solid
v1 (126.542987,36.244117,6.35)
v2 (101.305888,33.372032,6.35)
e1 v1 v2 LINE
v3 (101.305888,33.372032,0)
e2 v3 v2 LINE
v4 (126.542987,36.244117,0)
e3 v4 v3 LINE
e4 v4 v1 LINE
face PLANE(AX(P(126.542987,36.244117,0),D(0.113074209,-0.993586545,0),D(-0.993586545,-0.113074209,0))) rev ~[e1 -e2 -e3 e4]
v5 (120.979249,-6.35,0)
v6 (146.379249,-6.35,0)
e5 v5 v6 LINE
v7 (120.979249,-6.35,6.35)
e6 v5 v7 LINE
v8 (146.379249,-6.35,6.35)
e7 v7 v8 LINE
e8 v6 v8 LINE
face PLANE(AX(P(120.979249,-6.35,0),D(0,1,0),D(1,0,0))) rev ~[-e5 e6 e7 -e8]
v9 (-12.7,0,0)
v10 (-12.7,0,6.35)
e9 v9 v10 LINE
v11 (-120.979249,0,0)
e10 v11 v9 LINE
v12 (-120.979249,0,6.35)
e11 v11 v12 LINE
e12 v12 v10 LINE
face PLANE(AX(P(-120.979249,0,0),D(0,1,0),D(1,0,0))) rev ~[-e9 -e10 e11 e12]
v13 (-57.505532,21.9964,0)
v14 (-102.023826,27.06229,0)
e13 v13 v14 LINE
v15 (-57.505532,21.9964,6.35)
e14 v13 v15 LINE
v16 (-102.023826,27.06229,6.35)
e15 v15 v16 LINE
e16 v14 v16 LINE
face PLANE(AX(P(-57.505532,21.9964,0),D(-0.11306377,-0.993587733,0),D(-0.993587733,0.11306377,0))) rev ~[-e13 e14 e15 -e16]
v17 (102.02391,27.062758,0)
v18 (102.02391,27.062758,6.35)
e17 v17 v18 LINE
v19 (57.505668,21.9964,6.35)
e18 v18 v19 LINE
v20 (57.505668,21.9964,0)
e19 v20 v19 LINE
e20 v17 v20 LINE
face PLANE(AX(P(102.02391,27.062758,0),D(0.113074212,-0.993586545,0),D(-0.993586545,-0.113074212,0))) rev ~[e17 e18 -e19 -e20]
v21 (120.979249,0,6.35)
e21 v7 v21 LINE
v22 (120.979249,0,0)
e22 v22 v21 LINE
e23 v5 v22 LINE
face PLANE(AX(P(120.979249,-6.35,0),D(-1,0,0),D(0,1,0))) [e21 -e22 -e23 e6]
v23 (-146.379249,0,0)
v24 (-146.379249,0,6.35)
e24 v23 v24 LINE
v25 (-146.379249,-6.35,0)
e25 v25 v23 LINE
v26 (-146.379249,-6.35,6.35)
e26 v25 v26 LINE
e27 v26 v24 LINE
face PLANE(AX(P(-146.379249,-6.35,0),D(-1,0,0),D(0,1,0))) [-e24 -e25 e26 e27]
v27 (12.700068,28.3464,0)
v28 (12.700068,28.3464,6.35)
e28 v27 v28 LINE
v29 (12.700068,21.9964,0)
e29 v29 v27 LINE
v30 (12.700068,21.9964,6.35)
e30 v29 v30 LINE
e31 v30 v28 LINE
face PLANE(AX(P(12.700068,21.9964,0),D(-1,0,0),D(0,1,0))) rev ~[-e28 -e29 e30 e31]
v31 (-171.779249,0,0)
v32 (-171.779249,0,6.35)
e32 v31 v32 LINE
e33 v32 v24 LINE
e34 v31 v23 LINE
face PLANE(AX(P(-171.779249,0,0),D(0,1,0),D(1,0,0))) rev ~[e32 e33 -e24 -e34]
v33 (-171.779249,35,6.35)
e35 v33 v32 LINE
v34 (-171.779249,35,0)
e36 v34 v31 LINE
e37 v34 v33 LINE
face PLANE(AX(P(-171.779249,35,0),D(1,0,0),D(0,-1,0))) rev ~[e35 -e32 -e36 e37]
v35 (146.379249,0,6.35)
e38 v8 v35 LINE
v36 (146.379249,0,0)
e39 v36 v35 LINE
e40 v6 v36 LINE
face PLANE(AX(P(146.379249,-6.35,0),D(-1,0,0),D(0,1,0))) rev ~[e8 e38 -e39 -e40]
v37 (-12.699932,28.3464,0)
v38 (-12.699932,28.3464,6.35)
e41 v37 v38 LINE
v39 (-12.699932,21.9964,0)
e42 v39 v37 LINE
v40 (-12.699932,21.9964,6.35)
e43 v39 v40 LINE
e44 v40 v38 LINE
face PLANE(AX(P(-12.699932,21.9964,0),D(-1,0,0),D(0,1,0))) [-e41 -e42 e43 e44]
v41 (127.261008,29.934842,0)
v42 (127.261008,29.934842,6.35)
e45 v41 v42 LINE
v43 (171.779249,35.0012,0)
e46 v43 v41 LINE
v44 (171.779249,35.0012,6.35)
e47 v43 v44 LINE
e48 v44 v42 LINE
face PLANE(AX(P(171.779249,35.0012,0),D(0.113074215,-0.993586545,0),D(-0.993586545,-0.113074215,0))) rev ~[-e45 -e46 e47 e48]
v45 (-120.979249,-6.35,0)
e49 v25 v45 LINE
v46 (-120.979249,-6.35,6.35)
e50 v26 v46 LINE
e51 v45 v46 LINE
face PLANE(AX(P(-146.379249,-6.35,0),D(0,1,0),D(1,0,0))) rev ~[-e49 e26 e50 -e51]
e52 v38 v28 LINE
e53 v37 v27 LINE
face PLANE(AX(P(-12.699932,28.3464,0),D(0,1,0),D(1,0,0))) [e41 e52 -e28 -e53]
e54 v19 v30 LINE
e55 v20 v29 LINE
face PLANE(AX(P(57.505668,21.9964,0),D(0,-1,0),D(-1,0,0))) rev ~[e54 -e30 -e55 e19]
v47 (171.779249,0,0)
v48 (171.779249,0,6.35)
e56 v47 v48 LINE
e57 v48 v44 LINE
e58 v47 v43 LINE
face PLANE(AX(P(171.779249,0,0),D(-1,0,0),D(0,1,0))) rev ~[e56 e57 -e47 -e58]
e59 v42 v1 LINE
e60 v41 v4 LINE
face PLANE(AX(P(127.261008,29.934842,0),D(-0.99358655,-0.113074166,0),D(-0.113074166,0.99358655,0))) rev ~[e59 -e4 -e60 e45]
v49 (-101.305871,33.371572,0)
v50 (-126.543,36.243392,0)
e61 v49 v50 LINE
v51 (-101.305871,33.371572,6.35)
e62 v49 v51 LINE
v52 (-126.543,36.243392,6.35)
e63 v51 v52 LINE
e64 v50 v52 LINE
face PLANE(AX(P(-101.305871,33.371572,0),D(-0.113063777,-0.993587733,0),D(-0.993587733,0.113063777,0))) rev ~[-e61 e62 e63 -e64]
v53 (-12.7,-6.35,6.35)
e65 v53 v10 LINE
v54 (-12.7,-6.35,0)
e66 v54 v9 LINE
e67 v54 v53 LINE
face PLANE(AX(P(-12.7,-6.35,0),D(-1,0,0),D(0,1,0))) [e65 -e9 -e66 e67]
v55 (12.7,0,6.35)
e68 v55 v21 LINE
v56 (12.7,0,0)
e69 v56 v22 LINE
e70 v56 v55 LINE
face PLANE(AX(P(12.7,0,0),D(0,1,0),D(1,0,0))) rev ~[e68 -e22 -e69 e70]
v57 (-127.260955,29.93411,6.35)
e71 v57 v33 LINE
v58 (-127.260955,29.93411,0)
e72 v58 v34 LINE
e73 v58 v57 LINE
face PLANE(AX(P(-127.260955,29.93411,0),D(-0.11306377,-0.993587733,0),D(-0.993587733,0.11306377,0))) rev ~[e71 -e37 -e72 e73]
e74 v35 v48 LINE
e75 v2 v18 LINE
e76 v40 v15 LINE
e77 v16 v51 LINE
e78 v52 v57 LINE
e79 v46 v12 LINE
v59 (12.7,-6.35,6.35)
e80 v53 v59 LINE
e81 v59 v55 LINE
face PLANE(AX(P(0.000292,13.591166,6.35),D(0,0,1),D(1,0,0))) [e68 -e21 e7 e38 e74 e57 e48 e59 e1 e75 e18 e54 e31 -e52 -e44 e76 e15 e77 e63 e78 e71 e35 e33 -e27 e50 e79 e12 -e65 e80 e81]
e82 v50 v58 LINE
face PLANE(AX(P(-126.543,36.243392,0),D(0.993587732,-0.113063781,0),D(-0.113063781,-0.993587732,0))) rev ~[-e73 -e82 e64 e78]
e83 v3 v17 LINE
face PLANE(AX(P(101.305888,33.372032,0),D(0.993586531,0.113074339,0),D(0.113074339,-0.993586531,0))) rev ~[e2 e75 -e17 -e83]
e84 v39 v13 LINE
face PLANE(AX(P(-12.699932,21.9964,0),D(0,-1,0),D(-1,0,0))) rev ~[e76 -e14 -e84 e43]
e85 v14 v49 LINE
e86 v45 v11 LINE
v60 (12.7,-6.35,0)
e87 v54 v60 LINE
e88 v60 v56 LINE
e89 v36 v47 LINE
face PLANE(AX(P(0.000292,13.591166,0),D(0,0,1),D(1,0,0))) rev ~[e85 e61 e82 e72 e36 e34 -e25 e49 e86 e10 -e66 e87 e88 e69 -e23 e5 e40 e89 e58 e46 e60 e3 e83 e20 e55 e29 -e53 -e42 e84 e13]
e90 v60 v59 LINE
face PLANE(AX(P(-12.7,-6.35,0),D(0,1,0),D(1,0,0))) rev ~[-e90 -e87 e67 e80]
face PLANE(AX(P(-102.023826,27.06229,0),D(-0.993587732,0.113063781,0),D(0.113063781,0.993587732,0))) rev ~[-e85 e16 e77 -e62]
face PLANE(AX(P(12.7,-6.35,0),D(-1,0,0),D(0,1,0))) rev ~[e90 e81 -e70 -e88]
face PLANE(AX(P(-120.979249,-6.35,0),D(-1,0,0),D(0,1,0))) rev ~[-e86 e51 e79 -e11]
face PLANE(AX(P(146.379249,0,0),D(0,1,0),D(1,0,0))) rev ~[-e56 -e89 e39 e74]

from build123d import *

# Parameters (mm, degrees)
F0_W     = 25.4
F0_H     = 6.35
F1_DEPTH = 6.35


with BuildPart() as f1:
    # F0 (on Top) → F1 (new body)
    with BuildSketch(Plane.XY):
        Polygon((-171.779249, 35), (-171.779249, 0), (-146.379249, 0), (-120.979249, 0), (-12.7, 0), (12.7, 0), (120.979249, 0), (146.379249, 0), (171.779249, 0), (171.779249, 35.0012), (127.261008, 29.934842), (102.02391, 27.062758), (57.505668, 21.9964), (12.700068, 21.9964), (-12.699932, 21.9964), (-57.505532, 21.9964), (-102.023826, 27.06229), (-127.260955, 29.93411), align=None)
        with Locations((-133.679249, -3.175)):
            Rectangle(F0_W, F0_H)
        Polygon((-126.543, 36.243392), (-127.260955, 29.93411), (-102.023826, 27.06229), (-101.305871, 33.371572), align=None)
        with Locations((0, -3.175)):
            Rectangle(F0_W, F0_H)
        with Locations((133.679249, -3.175)):
            Rectangle(F0_W, F0_H)
        with Locations((6.8e-05, 25.1714)):
            Rectangle(F0_W, F0_H)
        Polygon((101.305888, 33.372032), (102.02391, 27.062758), (127.261008, 29.934842), (126.542987, 36.244117), align=None)
    extrude(amount=F1_DEPTH)


solid = f1.part
